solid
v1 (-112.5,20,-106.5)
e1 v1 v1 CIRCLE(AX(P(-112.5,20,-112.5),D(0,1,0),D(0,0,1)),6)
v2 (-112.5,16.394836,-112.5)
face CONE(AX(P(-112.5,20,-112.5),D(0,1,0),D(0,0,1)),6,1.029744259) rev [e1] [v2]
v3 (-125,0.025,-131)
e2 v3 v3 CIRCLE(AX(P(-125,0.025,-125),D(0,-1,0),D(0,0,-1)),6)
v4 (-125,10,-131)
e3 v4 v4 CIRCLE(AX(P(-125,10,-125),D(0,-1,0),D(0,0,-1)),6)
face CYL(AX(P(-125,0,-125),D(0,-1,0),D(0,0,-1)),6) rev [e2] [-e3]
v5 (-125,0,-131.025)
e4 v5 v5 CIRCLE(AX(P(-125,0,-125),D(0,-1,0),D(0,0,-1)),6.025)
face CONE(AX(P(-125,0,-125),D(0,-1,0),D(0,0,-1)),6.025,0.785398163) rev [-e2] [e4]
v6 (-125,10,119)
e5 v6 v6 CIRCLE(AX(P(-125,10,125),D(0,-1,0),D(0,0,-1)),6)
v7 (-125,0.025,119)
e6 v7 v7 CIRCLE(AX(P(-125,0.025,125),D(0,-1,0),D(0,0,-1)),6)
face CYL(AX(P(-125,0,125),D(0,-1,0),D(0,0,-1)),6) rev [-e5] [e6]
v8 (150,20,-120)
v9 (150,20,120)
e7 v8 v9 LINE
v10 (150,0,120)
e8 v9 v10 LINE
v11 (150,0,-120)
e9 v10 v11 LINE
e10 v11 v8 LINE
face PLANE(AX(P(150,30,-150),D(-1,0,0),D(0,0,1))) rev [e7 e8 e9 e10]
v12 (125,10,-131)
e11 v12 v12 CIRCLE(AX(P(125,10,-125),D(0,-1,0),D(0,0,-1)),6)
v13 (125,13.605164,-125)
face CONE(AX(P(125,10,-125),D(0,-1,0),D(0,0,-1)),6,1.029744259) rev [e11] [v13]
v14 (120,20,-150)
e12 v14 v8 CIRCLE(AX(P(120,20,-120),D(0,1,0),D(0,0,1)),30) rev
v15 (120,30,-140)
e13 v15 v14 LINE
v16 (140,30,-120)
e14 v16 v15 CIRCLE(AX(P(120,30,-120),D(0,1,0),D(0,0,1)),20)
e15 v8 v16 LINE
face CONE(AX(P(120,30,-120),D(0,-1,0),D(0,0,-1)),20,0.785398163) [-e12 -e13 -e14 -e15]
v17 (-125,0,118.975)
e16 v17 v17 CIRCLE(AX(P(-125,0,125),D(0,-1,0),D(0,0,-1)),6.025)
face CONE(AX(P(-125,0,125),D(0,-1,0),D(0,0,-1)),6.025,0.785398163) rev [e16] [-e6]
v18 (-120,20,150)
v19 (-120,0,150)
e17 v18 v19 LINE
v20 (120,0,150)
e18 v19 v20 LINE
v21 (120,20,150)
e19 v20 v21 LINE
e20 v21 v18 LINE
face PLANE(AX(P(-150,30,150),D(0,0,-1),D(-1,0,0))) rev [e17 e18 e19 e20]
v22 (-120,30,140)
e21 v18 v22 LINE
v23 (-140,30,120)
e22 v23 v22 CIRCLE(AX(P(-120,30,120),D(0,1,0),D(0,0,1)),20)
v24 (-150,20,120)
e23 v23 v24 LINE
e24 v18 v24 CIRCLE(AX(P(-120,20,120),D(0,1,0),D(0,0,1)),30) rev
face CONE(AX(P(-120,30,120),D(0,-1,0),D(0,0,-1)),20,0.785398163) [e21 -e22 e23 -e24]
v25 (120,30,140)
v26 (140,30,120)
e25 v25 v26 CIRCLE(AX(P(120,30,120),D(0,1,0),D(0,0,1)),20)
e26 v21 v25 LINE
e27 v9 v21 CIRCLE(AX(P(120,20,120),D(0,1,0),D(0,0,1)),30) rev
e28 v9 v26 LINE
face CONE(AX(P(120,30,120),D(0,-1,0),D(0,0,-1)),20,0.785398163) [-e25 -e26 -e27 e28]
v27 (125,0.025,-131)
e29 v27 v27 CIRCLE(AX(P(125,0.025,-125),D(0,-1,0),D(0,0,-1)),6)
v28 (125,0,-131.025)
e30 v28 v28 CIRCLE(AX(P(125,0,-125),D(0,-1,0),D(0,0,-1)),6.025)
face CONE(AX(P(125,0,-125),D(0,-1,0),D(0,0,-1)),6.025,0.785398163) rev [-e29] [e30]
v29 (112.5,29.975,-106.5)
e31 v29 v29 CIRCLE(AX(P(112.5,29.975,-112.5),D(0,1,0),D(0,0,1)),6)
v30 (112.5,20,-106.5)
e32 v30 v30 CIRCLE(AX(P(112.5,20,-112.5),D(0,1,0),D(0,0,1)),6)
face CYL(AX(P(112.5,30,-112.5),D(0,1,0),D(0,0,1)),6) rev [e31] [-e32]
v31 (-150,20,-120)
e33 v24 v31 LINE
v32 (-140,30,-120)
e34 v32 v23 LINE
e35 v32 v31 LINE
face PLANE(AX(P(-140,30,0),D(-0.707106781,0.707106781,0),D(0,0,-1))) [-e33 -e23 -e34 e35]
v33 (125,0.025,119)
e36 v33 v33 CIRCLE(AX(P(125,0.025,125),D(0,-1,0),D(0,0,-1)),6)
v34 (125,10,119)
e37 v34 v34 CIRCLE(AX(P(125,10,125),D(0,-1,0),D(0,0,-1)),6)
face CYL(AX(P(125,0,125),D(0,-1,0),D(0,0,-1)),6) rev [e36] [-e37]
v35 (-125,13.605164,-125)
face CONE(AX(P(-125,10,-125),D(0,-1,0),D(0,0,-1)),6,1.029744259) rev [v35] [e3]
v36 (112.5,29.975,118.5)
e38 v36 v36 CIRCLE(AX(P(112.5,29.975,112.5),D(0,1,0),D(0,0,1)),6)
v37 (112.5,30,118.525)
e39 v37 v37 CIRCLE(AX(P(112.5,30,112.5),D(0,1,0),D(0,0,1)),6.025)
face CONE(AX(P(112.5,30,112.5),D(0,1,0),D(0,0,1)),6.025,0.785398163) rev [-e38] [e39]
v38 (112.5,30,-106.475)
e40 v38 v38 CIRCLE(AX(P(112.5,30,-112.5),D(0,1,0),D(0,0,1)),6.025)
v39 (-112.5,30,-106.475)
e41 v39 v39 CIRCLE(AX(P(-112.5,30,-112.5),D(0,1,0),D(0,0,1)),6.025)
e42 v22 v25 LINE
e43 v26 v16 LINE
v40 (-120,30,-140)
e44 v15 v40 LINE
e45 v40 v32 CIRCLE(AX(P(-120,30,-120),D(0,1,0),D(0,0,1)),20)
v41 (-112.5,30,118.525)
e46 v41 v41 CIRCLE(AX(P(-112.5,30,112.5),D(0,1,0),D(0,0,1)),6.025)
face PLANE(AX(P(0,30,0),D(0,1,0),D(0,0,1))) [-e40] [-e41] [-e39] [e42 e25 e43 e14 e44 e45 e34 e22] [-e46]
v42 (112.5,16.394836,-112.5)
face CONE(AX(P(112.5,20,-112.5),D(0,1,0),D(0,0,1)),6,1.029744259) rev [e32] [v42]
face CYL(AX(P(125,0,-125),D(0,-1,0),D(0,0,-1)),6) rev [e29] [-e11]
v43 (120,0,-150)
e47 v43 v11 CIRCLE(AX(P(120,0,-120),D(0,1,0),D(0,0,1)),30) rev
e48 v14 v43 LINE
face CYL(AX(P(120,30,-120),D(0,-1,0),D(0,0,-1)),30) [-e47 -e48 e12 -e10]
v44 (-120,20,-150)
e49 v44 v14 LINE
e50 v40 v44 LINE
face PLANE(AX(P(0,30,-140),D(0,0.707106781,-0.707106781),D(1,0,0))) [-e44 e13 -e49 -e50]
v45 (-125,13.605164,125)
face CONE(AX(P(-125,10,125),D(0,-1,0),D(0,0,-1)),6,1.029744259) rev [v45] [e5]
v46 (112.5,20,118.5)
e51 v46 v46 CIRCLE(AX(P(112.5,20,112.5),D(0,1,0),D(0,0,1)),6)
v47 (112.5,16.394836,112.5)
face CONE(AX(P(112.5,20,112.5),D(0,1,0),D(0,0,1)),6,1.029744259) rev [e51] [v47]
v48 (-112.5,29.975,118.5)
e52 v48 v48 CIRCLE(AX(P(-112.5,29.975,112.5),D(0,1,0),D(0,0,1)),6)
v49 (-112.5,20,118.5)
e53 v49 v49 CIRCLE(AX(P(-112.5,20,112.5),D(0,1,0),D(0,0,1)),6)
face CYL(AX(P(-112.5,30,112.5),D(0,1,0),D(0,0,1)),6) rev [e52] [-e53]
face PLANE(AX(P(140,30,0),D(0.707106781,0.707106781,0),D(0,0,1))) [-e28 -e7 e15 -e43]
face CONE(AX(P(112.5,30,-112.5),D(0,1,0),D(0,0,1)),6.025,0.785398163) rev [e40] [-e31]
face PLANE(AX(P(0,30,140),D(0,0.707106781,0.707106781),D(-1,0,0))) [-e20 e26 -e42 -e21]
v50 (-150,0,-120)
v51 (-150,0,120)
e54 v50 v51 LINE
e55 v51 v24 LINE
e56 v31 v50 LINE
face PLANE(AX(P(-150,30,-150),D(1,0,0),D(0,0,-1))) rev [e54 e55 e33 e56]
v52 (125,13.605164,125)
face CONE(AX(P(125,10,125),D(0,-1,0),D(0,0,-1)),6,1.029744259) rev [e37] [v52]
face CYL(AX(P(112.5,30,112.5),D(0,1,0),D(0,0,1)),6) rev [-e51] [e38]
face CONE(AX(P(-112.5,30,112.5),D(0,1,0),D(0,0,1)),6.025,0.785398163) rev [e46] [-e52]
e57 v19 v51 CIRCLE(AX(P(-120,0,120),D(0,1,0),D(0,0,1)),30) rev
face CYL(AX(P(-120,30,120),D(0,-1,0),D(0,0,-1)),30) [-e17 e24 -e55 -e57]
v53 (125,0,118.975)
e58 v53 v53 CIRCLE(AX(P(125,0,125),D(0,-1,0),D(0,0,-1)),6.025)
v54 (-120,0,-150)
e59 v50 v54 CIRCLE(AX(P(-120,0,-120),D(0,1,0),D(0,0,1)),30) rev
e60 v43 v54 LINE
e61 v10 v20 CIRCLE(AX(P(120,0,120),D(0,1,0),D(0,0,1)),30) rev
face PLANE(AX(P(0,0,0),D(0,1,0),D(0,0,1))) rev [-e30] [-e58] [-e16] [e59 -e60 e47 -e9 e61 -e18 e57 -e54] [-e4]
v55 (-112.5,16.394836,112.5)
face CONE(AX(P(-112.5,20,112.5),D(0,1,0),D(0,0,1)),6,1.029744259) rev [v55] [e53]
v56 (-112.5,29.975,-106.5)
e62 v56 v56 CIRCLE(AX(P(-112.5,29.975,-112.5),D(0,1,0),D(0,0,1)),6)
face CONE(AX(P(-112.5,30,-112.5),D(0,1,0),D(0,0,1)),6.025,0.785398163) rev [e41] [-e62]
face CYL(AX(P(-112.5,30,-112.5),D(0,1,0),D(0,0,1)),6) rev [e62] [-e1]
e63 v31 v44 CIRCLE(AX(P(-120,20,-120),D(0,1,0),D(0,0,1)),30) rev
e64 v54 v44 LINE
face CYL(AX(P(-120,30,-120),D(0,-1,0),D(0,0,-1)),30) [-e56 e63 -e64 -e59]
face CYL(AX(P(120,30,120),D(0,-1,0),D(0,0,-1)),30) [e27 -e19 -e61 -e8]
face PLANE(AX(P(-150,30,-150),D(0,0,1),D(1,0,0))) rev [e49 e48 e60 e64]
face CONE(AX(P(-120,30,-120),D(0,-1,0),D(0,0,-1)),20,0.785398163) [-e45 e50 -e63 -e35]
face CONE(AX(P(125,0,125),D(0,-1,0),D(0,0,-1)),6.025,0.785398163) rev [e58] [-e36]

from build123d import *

# Parameters (mm, degrees)
SKETCH1_W                        = 300
SKETCH1_H                        = 300
BOSS_EXTRUDE1_DEPTH              = 30
F_12_0MM_DOWEL_HOLE2_D           = 12
F_12_0MM_DOWEL_HOLE2_DEPTH       = 10
F_12_0MM_DOWEL_HOLE2_CSINK_D     = 12.05
F_12_0MM_DOWEL_HOLE2_CSINK_ANGLE = 90
F_12_0MM_DOWEL_HOLE2_TIP         = 3.605163714
F_12_0MM_DOWEL_HOLE3_D           = 12
F_12_0MM_DOWEL_HOLE3_DEPTH       = 10
F_12_0MM_DOWEL_HOLE3_CSINK_D     = 12.05
F_12_0MM_DOWEL_HOLE3_CSINK_ANGLE = 90
F_12_0MM_DOWEL_HOLE3_TIP         = 3.605163714
FILLET1_R                        = 30
CHAMFER1_SIZE                    = 10


with BuildPart() as part:
    # Sketch1 → Boss-Extrude1 (new body)
    with BuildSketch(Plane(origin=(0, 0, 0), x_dir=(1, 0, 0), z_dir=(0, 1, 0))):
        Rectangle(SKETCH1_W, SKETCH1_H)
    extrude(amount=BOSS_EXTRUDE1_DEPTH)

    # Ø12.0mm Dowel Hole2
    with Locations(Plane(origin=(0, 30, 0), x_dir=(1, 0, 0), z_dir=(0, 1, 0))):
        with Locations((-112.5, 112.5), (112.5, 112.5), (112.5, -112.5), (-112.5, -112.5)):
            CounterSinkHole(F_12_0MM_DOWEL_HOLE2_D / 2, F_12_0MM_DOWEL_HOLE2_CSINK_D / 2, depth=F_12_0MM_DOWEL_HOLE2_DEPTH, counter_sink_angle=F_12_0MM_DOWEL_HOLE2_CSINK_ANGLE)
            with Locations((0, 0, -(F_12_0MM_DOWEL_HOLE2_DEPTH + F_12_0MM_DOWEL_HOLE2_TIP / 2))):  # 118° drill point
                Cone(0, F_12_0MM_DOWEL_HOLE2_D / 2, F_12_0MM_DOWEL_HOLE2_TIP, mode=Mode.SUBTRACT)

    # Ø12.0mm Dowel Hole3
    with Locations(Plane(origin=(0, 0, 0), x_dir=(-1, 0, 0), z_dir=(0, -1, 0))):
        with Locations((-125, 125), (125, 125), (125, -125), (-125, -125)):
            CounterSinkHole(F_12_0MM_DOWEL_HOLE3_D / 2, F_12_0MM_DOWEL_HOLE3_CSINK_D / 2, depth=F_12_0MM_DOWEL_HOLE3_DEPTH, counter_sink_angle=F_12_0MM_DOWEL_HOLE3_CSINK_ANGLE)
            with Locations((0, 0, -(F_12_0MM_DOWEL_HOLE3_DEPTH + F_12_0MM_DOWEL_HOLE3_TIP / 2))):  # 118° drill point
                Cone(0, F_12_0MM_DOWEL_HOLE3_D / 2, F_12_0MM_DOWEL_HOLE3_TIP, mode=Mode.SUBTRACT)

    # Fillet1
    fillet1_edges = [part.edges().sort_by_distance(p)[0] for p in [
        (150, 15, 150),
        (-150, 15, 150),
        (-150, 15, -150),
        (150, 15, -150),
    ]]
    fillet(fillet1_edges, radius=FILLET1_R)

    # Chamfer1
    chamfer1_edges = [part.edges().sort_by_distance(p)[0] for p in [
        (150, 30, 0),
        (0, 30, 150),
        (0, 30, -150),
        (-150, 30, 0),
        (-141.213203436, 30, 141.213203436),
        (141.213203436, 30, -141.213203436),
        (-141.213203436, 30, -141.213203436),
        (141.213203436, 30, 141.213203436),
    ]]
    chamfer(chamfer1_edges, length=CHAMFER1_SIZE)


solid = part.part
